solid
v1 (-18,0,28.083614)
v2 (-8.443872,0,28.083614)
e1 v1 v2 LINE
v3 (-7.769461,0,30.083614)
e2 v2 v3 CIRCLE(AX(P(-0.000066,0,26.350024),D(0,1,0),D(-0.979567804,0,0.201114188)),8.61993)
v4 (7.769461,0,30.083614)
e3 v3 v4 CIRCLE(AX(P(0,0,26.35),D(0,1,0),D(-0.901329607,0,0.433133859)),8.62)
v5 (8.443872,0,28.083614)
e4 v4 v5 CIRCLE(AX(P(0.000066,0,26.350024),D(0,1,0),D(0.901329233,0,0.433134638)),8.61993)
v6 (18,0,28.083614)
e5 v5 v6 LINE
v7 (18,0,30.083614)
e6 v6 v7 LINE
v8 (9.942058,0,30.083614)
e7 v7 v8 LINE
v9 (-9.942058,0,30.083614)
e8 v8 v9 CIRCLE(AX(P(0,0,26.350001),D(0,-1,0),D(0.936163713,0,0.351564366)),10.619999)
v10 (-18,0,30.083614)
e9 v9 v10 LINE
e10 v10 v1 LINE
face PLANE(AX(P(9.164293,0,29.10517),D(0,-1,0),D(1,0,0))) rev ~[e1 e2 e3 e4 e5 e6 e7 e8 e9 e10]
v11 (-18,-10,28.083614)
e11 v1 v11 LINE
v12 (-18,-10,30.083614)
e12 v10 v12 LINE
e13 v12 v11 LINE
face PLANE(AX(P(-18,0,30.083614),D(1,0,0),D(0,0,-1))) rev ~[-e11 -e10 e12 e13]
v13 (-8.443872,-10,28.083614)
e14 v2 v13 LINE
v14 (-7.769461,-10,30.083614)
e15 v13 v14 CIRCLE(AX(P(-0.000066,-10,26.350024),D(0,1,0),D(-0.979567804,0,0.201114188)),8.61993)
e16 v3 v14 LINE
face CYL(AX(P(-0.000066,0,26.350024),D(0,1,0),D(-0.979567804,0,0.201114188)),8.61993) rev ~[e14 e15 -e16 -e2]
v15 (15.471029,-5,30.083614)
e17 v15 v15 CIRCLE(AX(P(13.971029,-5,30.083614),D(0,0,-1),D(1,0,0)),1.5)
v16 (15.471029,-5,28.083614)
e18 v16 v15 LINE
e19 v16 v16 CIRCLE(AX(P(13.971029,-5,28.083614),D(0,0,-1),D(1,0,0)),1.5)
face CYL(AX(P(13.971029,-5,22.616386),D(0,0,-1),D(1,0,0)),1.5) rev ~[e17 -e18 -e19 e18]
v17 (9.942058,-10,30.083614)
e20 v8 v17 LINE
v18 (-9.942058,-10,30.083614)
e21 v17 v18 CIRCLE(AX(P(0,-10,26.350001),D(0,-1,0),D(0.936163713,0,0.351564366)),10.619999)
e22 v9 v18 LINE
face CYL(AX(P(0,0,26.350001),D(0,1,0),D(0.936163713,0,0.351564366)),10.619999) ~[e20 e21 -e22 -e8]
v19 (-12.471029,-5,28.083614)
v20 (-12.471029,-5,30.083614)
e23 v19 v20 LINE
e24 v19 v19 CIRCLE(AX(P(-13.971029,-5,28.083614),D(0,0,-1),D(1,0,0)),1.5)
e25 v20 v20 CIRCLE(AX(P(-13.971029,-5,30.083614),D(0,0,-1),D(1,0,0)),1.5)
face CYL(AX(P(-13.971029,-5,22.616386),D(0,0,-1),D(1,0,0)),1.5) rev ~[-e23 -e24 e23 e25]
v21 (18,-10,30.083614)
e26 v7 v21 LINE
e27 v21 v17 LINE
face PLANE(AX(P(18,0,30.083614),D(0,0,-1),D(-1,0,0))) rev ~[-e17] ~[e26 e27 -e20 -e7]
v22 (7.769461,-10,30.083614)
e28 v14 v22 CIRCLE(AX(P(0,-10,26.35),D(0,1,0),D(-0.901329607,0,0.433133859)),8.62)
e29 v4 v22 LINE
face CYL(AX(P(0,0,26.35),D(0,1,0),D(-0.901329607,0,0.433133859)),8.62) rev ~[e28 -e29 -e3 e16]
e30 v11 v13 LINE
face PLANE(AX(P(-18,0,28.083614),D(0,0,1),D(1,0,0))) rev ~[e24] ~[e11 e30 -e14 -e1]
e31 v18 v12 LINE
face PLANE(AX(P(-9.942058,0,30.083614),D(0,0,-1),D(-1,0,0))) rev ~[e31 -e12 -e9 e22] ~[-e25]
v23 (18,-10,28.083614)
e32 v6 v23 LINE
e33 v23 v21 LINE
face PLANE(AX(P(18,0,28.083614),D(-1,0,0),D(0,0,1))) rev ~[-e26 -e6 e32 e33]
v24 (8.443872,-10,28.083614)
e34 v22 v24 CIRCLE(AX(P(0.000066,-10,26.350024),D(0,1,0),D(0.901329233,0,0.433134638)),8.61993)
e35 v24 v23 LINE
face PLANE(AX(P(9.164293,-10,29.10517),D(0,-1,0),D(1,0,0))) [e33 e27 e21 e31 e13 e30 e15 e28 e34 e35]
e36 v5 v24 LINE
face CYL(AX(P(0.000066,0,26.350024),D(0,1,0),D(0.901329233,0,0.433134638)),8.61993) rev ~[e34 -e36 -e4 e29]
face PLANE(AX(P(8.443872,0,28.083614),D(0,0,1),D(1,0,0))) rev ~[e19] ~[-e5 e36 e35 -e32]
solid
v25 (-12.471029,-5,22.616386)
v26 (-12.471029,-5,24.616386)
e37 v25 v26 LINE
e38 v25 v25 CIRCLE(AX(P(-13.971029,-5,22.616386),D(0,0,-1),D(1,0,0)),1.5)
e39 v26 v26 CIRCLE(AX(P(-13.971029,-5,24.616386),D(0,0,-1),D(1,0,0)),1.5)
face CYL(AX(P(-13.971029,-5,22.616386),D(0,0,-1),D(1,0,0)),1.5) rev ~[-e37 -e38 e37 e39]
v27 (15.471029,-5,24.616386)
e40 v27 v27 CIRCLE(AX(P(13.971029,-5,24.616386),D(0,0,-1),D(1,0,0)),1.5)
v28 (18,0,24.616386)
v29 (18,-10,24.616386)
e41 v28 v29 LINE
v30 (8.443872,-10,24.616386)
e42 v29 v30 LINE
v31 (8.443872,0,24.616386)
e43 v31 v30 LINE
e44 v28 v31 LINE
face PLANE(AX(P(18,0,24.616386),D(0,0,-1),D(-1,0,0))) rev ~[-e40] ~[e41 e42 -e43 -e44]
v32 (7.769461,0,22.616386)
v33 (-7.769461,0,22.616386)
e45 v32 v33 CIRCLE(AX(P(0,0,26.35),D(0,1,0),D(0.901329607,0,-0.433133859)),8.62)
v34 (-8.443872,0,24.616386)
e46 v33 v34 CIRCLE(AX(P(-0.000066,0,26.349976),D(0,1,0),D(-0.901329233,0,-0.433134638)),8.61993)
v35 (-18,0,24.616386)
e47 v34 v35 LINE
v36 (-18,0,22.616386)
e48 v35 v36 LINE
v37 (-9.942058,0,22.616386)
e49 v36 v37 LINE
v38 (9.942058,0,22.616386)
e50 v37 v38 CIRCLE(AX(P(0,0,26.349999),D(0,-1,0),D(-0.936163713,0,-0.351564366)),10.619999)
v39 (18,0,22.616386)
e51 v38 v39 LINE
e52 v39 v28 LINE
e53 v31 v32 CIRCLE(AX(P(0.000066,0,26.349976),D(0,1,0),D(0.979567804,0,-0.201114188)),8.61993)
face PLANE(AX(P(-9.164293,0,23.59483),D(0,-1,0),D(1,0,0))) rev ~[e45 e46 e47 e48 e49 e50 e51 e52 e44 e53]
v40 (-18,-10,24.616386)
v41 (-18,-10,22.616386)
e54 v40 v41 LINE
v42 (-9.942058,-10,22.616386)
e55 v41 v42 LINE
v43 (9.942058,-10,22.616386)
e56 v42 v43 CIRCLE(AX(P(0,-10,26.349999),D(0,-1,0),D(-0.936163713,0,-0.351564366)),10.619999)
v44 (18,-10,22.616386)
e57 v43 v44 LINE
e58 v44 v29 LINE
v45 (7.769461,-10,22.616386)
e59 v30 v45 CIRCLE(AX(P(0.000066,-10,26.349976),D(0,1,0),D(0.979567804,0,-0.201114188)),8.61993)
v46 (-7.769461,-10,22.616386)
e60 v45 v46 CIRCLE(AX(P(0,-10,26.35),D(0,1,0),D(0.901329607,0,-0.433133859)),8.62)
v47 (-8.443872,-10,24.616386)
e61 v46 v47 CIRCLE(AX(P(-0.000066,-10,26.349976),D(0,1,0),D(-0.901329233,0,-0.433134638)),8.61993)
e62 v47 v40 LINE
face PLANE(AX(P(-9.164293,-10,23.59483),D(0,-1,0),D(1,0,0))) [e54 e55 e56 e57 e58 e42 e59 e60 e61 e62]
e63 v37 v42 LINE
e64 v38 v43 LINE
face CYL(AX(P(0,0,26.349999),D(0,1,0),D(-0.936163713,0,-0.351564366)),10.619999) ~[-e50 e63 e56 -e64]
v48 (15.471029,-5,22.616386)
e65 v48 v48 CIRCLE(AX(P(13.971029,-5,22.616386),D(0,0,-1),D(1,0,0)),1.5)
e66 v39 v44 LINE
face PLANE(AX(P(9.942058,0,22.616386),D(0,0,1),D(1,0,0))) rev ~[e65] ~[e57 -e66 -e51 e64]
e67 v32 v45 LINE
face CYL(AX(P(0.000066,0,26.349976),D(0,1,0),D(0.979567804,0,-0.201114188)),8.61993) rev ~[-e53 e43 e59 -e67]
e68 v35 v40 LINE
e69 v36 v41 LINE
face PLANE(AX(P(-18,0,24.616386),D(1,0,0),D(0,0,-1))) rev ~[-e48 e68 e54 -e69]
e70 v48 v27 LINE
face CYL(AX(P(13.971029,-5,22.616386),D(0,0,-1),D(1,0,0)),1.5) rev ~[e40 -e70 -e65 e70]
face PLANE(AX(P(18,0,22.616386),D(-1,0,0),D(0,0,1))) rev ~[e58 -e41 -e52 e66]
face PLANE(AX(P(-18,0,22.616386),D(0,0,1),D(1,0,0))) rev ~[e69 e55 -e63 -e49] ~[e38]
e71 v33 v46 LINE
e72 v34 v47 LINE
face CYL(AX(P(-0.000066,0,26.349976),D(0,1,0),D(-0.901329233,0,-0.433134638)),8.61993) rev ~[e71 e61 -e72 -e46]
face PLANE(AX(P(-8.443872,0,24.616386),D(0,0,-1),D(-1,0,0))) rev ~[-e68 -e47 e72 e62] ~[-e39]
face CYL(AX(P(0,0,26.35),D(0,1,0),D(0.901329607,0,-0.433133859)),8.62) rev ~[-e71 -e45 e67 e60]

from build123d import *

# Parameters (mm, degrees)
F1_DEPTH = 10
F2_R     = 1.5
F3_DEPTH = 25


with BuildPart() as f1:
    # F0 (on Front) → F1 (new body)
    with BuildSketch(Plane.XZ):
        with BuildLine():
            ThreePointArc((-7.769461, 22.616386), (-8.168112, 23.595667), (-8.443872, 24.616386))
            Line((-8.443872, 24.616386), (-10.477547, 24.616386))
            ThreePointArc((-10.477547, 24.616386), (-10.258658, 23.603305), (-9.942058, 22.616386))
            Line((-9.942058, 22.616386), (-7.769461, 22.616386))
        make_face()
        with BuildLine():
            ThreePointArc((7.769461, 22.616386), (0, 17.73), (-7.769461, 22.616386))
            Line((-7.769461, 22.616386), (-9.942058, 22.616386))
            ThreePointArc((-9.942058, 22.616386), (0, 15.73), (9.942058, 22.616386))
            Line((9.942058, 22.616386), (7.769461, 22.616386))
        make_face()
        with BuildLine():
            ThreePointArc((-9.942058, 22.616386), (-10.258658, 23.603305), (-10.477547, 24.616386))
            Line((-10.477547, 24.616386), (-18, 24.616386))
            Line((-18, 24.616386), (-18, 22.616386))
            Line((-18, 22.616386), (-9.942058, 22.616386))
        make_face()
        with BuildLine():
            ThreePointArc((8.443872, 24.616386), (8.168112, 23.595667), (7.769461, 22.616386))
            Line((7.769461, 22.616386), (9.942058, 22.616386))
            ThreePointArc((9.942058, 22.616386), (10.258658, 23.603305), (10.477547, 24.616386))
            Line((10.477547, 24.616386), (8.443872, 24.616386))
        make_face()
        with BuildLine():
            ThreePointArc((10.477547, 24.616386), (10.258658, 23.603305), (9.942058, 22.616386))
            Line((9.942058, 22.616386), (18, 22.616386))
            Line((18, 22.616386), (18, 24.616386))
            Line((18, 24.616386), (10.477547, 24.616386))
        make_face()
        with BuildLine():
            ThreePointArc((7.769461, 30.083614), (8.168112, 29.104333), (8.443872, 28.083614))
            Line((8.443872, 28.083614), (10.477547, 28.083614))
            ThreePointArc((10.477547, 28.083614), (10.258658, 29.096695), (9.942058, 30.083614))
            Line((9.942058, 30.083614), (7.769461, 30.083614))
        make_face()
        with BuildLine():
            ThreePointArc((-7.769461, 30.083614), (0, 34.97), (7.769461, 30.083614))
            Line((7.769461, 30.083614), (9.942058, 30.083614))
            ThreePointArc((9.942058, 30.083614), (0, 36.97), (-9.942058, 30.083614))
            Line((-9.942058, 30.083614), (-7.769461, 30.083614))
        make_face()
        with BuildLine():
            ThreePointArc((9.942058, 30.083614), (10.258658, 29.096695), (10.477547, 28.083614))
            Line((10.477547, 28.083614), (18, 28.083614))
            Line((18, 28.083614), (18, 30.083614))
            Line((18, 30.083614), (9.942058, 30.083614))
        make_face()
        with BuildLine():
            ThreePointArc((-8.443872, 28.083614), (-8.168112, 29.104333), (-7.769461, 30.083614))
            Line((-7.769461, 30.083614), (-9.942058, 30.083614))
            ThreePointArc((-9.942058, 30.083614), (-10.258658, 29.096695), (-10.477547, 28.083614))
            Line((-10.477547, 28.083614), (-8.443872, 28.083614))
        make_face()
        with BuildLine():
            ThreePointArc((-10.477547, 28.083614), (-10.258658, 29.096695), (-9.942058, 30.083614))
            Line((-9.942058, 30.083614), (-18, 30.083614))
            Line((-18, 30.083614), (-18, 28.083614))
            Line((-18, 28.083614), (-10.477547, 28.083614))
        make_face()
    extrude(amount=F1_DEPTH)

    # F2 (on face) → F3 (cut)
    with BuildSketch(Plane(origin=(0, 0, 22.616386), x_dir=(1, 0, 0), z_dir=(0, 0, -1))):
        with Locations((-13.971029, 5)):
            Circle(F2_R)
        with Locations((13.971029, 5)):
            Circle(F2_R)
    extrude(amount=-F3_DEPTH, mode=Mode.SUBTRACT)


solid = f1.part
